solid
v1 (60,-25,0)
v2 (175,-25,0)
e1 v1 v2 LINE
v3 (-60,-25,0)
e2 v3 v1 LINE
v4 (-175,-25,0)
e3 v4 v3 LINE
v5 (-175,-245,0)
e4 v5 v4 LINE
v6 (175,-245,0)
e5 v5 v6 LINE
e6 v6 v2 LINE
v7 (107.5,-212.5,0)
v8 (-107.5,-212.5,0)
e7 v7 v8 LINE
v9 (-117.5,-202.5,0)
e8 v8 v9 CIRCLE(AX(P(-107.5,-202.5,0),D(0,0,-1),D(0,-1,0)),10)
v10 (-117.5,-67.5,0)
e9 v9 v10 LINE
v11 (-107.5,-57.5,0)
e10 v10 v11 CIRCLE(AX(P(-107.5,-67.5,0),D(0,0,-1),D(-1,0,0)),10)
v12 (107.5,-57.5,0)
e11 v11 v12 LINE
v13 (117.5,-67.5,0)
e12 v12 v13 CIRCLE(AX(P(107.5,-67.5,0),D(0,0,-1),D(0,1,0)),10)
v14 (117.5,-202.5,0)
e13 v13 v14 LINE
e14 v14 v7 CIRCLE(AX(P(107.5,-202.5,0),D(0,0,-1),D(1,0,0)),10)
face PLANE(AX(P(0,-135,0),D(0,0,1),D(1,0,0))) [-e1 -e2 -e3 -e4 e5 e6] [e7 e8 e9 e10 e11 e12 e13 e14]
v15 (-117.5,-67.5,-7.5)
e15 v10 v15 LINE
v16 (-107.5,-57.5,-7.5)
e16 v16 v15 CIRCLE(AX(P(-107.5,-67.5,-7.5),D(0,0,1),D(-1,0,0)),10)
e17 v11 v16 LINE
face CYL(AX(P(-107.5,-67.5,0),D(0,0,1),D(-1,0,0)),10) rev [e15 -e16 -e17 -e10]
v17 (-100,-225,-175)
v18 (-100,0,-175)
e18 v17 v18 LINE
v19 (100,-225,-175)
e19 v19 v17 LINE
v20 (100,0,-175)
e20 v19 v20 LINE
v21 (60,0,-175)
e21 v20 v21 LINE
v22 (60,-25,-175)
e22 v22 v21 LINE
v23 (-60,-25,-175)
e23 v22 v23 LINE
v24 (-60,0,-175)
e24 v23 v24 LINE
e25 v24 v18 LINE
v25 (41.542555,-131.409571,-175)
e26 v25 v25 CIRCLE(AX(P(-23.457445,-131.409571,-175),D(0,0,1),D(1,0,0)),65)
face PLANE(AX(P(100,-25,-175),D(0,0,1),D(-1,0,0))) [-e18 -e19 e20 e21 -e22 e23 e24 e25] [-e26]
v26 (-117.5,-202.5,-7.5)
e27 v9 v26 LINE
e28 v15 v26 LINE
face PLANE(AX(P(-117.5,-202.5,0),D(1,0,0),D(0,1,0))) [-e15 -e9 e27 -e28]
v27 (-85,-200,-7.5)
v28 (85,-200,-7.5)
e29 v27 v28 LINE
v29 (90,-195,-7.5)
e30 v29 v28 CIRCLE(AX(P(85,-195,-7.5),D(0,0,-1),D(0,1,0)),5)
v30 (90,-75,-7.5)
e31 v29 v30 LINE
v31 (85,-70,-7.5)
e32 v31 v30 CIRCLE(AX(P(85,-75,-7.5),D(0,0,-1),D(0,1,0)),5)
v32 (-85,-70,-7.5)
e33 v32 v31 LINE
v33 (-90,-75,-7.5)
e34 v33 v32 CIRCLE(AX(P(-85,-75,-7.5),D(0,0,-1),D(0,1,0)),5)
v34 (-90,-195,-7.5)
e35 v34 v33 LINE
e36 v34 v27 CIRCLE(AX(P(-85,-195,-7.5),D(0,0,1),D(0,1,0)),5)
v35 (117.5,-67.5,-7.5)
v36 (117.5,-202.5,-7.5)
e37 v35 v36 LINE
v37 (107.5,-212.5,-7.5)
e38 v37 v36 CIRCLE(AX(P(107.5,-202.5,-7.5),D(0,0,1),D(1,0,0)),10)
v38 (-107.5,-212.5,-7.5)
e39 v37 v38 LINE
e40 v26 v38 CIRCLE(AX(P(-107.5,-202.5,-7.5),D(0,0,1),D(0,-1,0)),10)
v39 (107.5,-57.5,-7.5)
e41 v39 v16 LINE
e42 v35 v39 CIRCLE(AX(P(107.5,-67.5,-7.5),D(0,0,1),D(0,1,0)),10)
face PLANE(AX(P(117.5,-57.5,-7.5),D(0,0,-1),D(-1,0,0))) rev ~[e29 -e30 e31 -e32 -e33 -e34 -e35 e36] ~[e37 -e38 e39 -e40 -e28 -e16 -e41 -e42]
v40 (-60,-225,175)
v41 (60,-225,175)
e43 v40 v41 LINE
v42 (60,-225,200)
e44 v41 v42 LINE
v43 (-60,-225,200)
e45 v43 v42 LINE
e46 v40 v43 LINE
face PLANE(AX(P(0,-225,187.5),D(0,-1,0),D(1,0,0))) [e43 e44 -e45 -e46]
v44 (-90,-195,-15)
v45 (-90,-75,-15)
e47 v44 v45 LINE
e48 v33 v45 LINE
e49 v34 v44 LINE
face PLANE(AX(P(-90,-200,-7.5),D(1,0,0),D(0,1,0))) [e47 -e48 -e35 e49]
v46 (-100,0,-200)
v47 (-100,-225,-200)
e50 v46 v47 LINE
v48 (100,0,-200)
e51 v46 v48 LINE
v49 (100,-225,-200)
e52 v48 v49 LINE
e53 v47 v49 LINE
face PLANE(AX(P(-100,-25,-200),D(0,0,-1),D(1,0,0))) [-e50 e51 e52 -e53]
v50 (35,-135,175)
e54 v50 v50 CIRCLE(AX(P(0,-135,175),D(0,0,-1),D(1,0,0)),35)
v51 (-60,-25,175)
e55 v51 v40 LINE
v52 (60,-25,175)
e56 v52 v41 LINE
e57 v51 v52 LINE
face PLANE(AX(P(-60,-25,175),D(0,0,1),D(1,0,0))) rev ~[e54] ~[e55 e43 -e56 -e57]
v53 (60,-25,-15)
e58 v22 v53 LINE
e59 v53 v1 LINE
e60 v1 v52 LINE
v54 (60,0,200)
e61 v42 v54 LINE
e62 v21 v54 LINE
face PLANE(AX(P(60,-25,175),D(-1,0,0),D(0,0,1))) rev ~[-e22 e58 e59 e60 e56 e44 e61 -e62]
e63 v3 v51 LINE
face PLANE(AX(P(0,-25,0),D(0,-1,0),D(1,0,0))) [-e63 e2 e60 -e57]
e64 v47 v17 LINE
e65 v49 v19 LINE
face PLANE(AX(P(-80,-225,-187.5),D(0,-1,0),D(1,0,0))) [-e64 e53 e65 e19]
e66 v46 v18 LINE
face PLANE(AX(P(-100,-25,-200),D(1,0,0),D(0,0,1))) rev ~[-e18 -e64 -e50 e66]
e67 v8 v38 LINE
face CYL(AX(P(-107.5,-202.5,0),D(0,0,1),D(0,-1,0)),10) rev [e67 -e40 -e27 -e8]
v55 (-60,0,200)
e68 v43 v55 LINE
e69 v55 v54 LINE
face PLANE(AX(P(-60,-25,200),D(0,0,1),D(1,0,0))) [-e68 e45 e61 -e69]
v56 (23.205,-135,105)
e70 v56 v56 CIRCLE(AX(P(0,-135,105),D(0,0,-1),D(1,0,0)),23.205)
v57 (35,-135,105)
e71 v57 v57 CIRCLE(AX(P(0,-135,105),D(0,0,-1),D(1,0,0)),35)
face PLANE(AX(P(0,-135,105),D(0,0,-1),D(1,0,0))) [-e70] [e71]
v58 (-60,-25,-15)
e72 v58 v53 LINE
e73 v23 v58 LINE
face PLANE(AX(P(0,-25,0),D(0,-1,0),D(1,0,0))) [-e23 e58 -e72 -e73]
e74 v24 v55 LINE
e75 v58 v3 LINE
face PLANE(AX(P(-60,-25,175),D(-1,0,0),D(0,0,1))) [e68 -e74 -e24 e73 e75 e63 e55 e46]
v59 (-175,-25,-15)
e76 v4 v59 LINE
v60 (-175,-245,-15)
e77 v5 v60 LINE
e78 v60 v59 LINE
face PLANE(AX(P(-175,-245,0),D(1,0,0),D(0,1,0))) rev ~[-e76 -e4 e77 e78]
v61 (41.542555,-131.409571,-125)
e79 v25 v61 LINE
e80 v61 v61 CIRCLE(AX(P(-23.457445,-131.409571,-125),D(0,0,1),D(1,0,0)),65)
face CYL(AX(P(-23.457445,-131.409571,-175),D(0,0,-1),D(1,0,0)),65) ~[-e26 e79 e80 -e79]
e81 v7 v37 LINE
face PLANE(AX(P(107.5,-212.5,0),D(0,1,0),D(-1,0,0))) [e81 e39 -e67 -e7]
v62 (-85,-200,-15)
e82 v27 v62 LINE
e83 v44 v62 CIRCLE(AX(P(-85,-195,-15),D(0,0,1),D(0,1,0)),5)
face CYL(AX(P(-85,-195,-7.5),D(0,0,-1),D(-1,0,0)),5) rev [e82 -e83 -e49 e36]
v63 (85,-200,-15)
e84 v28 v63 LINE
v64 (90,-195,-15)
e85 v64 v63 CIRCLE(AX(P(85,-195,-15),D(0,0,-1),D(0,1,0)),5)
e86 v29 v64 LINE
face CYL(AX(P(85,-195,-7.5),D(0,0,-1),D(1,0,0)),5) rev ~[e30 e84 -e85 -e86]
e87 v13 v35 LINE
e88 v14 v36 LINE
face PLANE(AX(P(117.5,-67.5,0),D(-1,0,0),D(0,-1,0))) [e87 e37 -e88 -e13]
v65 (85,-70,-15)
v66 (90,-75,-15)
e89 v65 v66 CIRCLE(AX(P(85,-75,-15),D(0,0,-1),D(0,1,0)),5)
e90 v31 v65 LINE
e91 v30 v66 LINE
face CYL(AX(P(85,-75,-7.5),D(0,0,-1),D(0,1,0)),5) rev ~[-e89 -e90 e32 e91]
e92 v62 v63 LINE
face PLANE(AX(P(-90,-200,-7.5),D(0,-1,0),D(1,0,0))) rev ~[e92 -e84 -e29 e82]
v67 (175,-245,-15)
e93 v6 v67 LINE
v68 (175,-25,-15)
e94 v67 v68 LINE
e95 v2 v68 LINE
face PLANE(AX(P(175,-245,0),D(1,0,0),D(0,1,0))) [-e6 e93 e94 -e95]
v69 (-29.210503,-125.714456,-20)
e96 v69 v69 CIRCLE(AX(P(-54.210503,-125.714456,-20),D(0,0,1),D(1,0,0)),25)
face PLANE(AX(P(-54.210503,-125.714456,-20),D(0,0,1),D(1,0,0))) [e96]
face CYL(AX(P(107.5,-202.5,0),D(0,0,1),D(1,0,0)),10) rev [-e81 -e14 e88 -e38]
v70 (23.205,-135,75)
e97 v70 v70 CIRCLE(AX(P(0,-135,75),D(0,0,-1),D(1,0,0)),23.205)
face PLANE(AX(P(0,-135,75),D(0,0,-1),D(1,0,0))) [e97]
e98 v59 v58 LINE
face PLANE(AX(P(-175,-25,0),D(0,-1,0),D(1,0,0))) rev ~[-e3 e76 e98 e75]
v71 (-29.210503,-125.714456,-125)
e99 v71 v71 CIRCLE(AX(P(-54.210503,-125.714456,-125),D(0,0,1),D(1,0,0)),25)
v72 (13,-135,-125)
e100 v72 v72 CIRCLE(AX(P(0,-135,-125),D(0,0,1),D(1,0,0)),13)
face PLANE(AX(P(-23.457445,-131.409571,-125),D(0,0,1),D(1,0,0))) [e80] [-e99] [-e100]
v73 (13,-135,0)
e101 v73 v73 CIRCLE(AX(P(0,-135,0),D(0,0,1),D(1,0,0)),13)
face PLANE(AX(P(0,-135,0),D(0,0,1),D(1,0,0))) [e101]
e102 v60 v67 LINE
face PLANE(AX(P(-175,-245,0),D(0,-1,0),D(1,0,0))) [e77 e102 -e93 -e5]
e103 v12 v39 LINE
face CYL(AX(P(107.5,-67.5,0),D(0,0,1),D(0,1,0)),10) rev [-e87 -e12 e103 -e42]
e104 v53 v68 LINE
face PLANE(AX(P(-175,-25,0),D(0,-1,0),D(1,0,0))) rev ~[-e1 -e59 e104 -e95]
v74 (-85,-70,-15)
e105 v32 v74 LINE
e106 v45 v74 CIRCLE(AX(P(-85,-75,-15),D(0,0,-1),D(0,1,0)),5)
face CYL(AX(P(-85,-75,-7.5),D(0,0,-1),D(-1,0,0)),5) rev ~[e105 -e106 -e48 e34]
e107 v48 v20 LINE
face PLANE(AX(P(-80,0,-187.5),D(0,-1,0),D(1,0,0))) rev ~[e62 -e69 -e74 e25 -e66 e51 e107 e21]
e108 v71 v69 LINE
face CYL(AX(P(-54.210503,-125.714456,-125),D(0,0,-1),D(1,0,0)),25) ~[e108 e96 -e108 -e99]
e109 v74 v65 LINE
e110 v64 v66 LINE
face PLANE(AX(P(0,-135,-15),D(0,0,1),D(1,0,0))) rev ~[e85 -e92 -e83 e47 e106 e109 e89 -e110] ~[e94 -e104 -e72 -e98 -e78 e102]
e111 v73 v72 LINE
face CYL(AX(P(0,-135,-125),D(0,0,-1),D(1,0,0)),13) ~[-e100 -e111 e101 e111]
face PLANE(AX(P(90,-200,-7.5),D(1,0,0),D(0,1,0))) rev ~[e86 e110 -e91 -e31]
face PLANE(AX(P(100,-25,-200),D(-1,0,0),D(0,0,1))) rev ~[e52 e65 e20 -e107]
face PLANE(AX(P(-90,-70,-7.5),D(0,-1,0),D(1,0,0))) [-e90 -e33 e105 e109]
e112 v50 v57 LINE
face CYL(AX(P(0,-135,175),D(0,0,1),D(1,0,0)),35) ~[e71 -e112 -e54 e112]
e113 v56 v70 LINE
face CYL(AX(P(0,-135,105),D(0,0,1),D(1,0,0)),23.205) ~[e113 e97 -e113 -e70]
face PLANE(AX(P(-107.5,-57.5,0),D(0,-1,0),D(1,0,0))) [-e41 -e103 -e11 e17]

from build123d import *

# Parameters (mm, degrees)
F0_W          = 120
F0_H          = 400
F1_DEPTH      = 25
F2_W          = 120
F2_H          = 25
F3_DEPTH      = 200
F4_R          = 35
F5_DEPTH      = 70
F6_R          = 23.205
F7_DEPTH      = 30
F8_W          = 40
F8_H          = 25
F8_W_2        = 120
F9_DEPTH      = 200
F9_DEPTH_BACK = 25
F10_R         = 65
F11_DEPTH     = 50
F12_R         = 13
F13_DEPTH     = 125
F14_R         = 25
F15_DEPTH     = 105
F16_W         = 350
F16_H         = 220
F17_DEPTH     = 15
F18_W         = 215
F18_H         = 7.5
F18_W_2       = 10
F19_DEPTH     = 155
F20_W         = 180
F20_H         = 130
F20_R         = 13
F21_DEPTH     = 7.5
F22_R         = 5


with BuildPart() as f1:
    # F0 (on Front) → F1 (new body)
    with BuildSketch(Plane.XZ):
        Rectangle(F0_W, F0_H)
    extrude(amount=F1_DEPTH)

    # F2 (on face) → F3 (join)
    with BuildSketch(Plane.XZ.offset(25)):
        with Locations((0, 187.5)):
            Rectangle(F2_W, F2_H)
    extrude(amount=F3_DEPTH)

    # F4 (on face) → F5 (join)
    with BuildSketch(Plane(origin=(0, 0, 175), x_dir=(1, 0, 0), z_dir=(0, 0, -1))):
        with Locations((0, 135)):
            Circle(F4_R)
    extrude(amount=F5_DEPTH)

    # F6 (on face) → F7 (join)
    with BuildSketch(Plane(origin=(0, 0, 105), x_dir=(1, 0, 0), z_dir=(0, 0, -1))):
        with Locations((0, 135)):
            Circle(F6_R)
    extrude(amount=F7_DEPTH)

    # F8 (on face) → F9 (join, two sides)
    with BuildSketch(Plane.XZ.offset(25)) as f9_sk:
        with Locations((-80, -187.5)):
            Rectangle(F8_W, F8_H)
        with Locations((0, -187.5)):
            Rectangle(F8_W_2, F8_H)
        with Locations((80, -187.5)):
            Rectangle(F8_W, F8_H)
    extrude(amount=F9_DEPTH)
    extrude(f9_sk.sketch, amount=-F9_DEPTH_BACK)

    # F10 (on face) → F11 (join)
    with BuildSketch(Plane.XY.offset(-175)):
        with Locations((-23.4574452043, -131.4095705748)):
            Circle(F10_R)
    extrude(amount=F11_DEPTH)

    # F12 (on face) → F13 (join)
    with BuildSketch(Plane.XY.offset(-125)):
        with Locations((0, -135)):
            Circle(F12_R)
    extrude(amount=F13_DEPTH)

    # F14 (on face) → F15 (join)
    with BuildSketch(Plane.XY.offset(-125)):
        with Locations((-54.2105034057, -125.7144563701)):
            Circle(F14_R)
    extrude(amount=F15_DEPTH)

    # F16 (on Top) → F17 (join)
    with BuildSketch(Plane.XY):
        with Locations((0, -135)):
            Rectangle(F16_W, F16_H)
        with BuildLine():
            ThreePointArc((117.5, -202.5), (114.5710678119, -209.5710678119), (107.5, -212.5))
            Line((107.5, -212.5), (-107.5, -212.5))
            ThreePointArc((-107.5, -212.5), (-114.5710678119, -209.5710678119), (-117.5, -202.5))
            Line((-117.5, -202.5), (-117.5, -67.5))
            ThreePointArc((-117.5, -67.5), (-114.5710678119, -60.4289321881), (-107.5, -57.5))
            Line((-107.5, -57.5), (107.5, -57.5))
            ThreePointArc((107.5, -57.5), (114.5710678119, -60.4289321881), (117.5, -67.5))
            Line((117.5, -67.5), (117.5, -202.5))
        make_face(mode=Mode.SUBTRACT)
    extrude(amount=-F17_DEPTH)

    # F18 (on face) → F19 (join)
    with BuildSketch(Plane.XZ.offset(57.5)):
        with Locations((0, -11.25)):
            Rectangle(F18_W, F18_H)
        with Locations((-112.5, -11.25)):
            Rectangle(F18_W_2, F18_H)
        with Locations((112.5, -11.25)):
            Rectangle(F18_W_2, F18_H)
    extrude(amount=F19_DEPTH)

    # F20 (on face) → F21 (cut, through all)
    with BuildSketch(Plane.XY.offset(-7.5)):
        with Locations((0, -135)):
            Rectangle(F20_W, F20_H)
        with Locations((0, -135)):
            Circle(F20_R, mode=Mode.SUBTRACT)
    extrude(amount=-F21_DEPTH, mode=Mode.SUBTRACT)

    # F22
    f22_edges = [f1.edges().sort_by_distance(p)[0] for p in [
        (-90, -70, -11.25),
        (90, -70, -11.25),
        (-90, -200, -11.25),
        (90, -200, -11.25),
    ]]
    fillet(f22_edges, radius=F22_R)


solid = f1.part
